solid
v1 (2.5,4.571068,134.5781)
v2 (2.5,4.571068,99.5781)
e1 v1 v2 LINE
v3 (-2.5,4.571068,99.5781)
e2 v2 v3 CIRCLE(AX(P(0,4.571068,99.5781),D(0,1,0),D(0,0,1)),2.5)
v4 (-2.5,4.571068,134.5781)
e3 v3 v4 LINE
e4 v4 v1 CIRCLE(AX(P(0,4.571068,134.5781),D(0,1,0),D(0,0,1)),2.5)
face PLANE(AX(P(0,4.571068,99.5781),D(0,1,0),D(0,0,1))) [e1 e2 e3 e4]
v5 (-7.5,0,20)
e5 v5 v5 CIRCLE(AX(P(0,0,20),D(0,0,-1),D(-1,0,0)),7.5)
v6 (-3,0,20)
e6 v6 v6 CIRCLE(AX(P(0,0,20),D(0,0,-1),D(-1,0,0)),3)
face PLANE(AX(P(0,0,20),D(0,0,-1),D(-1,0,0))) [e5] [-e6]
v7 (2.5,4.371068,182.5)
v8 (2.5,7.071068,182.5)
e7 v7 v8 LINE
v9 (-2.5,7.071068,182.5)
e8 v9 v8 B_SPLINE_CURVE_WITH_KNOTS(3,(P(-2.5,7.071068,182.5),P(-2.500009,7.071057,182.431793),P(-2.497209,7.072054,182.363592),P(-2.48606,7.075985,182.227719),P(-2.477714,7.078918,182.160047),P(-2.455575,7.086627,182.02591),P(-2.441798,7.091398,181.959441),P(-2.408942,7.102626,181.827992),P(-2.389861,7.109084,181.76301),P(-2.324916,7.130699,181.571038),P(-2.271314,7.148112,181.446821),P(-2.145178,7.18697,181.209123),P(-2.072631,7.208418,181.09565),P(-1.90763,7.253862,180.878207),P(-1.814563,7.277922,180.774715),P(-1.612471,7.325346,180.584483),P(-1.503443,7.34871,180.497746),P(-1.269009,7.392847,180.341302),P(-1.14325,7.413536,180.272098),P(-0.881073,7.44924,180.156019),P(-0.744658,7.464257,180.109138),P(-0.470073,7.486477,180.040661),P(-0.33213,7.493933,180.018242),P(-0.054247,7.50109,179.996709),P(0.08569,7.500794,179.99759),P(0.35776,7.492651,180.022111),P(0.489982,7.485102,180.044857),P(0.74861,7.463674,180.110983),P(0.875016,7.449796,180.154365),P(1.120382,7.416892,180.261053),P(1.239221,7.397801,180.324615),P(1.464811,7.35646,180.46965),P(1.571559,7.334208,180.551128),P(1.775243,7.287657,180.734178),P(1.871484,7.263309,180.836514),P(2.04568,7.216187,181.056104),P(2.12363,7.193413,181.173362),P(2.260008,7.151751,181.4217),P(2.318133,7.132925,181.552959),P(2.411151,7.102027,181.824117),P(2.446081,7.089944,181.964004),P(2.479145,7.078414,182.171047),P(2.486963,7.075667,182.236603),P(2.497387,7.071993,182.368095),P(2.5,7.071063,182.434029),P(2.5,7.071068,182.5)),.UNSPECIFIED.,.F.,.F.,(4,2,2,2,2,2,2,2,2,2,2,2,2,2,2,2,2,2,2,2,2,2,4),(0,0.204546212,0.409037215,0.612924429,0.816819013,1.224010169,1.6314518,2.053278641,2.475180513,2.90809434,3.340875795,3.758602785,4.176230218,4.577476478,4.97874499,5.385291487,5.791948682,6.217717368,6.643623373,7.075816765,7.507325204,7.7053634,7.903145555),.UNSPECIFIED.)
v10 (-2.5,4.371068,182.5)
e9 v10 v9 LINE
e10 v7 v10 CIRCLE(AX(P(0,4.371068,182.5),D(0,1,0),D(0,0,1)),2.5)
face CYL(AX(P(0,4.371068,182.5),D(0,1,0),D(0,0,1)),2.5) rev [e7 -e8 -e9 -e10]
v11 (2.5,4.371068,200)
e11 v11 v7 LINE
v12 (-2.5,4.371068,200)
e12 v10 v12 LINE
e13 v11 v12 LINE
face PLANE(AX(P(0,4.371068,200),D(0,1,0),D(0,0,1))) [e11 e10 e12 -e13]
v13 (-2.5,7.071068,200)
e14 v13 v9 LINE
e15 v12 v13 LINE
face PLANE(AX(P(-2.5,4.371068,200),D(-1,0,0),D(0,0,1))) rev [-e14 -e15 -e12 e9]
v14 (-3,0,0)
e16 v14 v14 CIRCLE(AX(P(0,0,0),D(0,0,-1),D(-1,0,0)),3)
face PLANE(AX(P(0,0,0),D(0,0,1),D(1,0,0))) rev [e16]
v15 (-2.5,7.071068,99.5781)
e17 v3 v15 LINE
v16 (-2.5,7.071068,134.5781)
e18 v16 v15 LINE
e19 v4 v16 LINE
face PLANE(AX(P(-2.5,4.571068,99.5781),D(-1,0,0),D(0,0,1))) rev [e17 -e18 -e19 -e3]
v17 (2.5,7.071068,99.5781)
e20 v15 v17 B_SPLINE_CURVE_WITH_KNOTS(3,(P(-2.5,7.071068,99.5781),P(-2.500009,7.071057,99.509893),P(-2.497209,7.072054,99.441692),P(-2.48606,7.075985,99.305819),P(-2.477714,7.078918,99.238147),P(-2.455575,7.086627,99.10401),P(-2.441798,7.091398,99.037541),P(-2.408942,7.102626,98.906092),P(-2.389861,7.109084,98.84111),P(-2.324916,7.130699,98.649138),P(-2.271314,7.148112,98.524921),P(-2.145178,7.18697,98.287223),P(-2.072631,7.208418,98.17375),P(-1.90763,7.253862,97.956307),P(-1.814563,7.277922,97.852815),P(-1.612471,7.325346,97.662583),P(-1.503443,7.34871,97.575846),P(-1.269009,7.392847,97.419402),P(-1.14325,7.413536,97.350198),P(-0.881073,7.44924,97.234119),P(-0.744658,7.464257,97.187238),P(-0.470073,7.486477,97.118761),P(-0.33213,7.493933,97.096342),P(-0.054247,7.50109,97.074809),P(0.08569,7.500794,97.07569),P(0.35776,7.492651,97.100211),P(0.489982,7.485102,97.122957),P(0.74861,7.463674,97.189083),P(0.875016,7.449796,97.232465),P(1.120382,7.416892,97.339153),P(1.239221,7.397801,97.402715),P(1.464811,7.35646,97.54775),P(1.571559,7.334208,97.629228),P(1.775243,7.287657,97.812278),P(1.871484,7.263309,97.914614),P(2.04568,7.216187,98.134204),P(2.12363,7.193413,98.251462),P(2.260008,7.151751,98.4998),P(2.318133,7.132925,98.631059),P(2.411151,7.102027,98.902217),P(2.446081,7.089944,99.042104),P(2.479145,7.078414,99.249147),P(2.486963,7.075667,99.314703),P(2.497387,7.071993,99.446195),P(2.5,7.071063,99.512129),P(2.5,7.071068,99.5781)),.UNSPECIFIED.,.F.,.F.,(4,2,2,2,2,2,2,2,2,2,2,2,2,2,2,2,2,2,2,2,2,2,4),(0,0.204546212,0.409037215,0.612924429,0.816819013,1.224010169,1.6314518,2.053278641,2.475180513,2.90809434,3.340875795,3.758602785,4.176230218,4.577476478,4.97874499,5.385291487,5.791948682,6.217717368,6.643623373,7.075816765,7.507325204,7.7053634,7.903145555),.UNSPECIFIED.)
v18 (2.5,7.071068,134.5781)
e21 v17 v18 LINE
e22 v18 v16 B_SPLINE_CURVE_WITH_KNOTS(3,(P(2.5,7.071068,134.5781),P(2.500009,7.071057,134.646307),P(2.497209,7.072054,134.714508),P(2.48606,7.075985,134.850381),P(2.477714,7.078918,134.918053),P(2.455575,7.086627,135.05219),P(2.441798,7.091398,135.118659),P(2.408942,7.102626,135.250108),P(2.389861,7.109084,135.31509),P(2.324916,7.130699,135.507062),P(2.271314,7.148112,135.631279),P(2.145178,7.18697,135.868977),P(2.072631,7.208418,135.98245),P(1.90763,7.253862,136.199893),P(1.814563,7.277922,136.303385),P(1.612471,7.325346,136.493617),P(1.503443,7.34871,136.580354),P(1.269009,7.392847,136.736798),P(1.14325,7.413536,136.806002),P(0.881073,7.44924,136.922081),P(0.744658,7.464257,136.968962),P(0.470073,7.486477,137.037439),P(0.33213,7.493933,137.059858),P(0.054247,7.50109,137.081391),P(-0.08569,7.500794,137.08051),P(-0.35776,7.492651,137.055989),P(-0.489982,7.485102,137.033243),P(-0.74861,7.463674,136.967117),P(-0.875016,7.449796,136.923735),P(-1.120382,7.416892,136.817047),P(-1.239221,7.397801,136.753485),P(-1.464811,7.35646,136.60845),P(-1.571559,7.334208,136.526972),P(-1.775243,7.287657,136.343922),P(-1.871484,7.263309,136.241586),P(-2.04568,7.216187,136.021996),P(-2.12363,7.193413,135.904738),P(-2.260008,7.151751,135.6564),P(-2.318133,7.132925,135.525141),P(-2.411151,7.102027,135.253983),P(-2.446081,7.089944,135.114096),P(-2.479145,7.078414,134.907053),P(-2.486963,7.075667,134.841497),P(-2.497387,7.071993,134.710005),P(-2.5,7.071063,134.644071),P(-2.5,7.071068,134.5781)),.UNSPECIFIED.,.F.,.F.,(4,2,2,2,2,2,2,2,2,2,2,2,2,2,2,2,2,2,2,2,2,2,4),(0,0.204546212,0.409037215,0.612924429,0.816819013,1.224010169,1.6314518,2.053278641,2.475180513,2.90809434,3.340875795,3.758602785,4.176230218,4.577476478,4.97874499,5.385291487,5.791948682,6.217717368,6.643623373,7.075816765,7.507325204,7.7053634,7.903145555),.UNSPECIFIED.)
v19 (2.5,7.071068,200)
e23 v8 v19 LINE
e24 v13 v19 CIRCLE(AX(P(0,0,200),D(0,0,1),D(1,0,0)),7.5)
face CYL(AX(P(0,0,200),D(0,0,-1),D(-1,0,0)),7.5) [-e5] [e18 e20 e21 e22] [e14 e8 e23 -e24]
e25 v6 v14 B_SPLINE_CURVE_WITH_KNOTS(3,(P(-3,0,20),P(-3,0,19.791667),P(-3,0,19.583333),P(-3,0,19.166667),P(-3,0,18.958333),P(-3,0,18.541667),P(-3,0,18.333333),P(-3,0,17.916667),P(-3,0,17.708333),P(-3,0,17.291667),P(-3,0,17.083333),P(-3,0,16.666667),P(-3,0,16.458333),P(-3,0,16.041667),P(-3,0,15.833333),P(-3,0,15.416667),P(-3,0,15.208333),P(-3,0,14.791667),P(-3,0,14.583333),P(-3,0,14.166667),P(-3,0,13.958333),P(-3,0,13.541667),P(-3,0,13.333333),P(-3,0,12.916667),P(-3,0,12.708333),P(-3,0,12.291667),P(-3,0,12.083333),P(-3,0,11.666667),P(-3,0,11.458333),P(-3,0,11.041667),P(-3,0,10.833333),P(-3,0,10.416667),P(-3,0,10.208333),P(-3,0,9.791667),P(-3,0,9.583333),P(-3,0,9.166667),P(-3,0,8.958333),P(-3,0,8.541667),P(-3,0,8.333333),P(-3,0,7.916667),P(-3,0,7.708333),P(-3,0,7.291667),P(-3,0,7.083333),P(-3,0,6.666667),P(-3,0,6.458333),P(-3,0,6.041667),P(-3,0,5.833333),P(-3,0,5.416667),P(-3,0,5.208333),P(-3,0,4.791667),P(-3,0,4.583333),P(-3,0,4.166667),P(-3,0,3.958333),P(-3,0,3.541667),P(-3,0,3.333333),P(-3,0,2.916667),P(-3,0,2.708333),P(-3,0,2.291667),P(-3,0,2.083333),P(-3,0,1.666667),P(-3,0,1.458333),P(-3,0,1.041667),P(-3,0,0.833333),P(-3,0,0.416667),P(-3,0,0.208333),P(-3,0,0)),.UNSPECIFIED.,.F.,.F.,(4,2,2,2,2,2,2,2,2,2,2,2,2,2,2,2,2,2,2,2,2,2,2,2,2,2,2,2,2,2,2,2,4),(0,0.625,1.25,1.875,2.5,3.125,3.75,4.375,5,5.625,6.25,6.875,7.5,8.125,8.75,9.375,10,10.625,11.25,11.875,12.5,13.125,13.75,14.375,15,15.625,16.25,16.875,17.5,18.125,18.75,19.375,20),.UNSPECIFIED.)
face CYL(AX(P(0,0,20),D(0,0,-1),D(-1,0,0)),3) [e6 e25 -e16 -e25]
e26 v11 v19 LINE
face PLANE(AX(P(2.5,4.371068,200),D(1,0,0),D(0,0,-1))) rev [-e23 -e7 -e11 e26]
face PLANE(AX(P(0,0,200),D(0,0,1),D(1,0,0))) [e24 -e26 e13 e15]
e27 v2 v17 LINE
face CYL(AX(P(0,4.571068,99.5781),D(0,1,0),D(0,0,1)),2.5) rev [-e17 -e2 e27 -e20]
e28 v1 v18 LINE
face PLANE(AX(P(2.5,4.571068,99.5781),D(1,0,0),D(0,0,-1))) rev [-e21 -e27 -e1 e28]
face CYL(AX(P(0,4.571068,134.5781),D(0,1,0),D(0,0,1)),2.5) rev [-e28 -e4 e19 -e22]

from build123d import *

# Parameters (mm, degrees)
SKETCH1_R           = 7.5
BOSS_EXTRUDE1_DEPTH = 200
SKETCH2_R           = 7.5
SKETCH2_R_2         = 3
CUT_EXTRUDE1_DEPTH  = 20
CUT_EXTRUDE3_START  = 10
CUT_EXTRUDE3_DEPTH  = 12.5
CUT_EXTRUDE4_START  = 10
CUT_EXTRUDE4_DEPTH  = 12.7


with BuildPart() as part:
    # Sketch1 → Boss-Extrude1 (new body)
    with BuildSketch(Plane.XY):
        Circle(SKETCH1_R)
    extrude(amount=BOSS_EXTRUDE1_DEPTH)

    # Sketch2 → Cut-Extrude1 (cut)
    with BuildSketch(Plane(origin=(0, 0, 0), x_dir=(-1, 0, 0), z_dir=(0, 0, -1))):
        Circle(SKETCH2_R)
        Circle(SKETCH2_R_2, mode=Mode.SUBTRACT)
    extrude(amount=-CUT_EXTRUDE1_DEPTH, mode=Mode.SUBTRACT)

    # Sketch5 → Cut-Extrude3 (cut)
    with BuildSketch(Plane(origin=(0, 7.071067812, 0), x_dir=(1, 0, 0), z_dir=(0, 1, 0)).offset(CUT_EXTRUDE3_START)):
        with BuildLine():
            Line((2.5, -99.5781), (2.5, -134.5781))
            ThreePointArc((2.5, -134.5781), (0, -137.0781), (-2.5, -134.5781))
            Line((-2.5, -134.5781), (-2.5, -99.5781))
            ThreePointArc((-2.5, -99.5781), (0, -97.0781), (2.5, -99.5781))
        make_face()
    extrude(amount=-CUT_EXTRUDE3_DEPTH, mode=Mode.SUBTRACT)

    # Sketch6 → Cut-Extrude4 (cut)
    with BuildSketch(Plane(origin=(0, 7.071067812, 0), x_dir=(1, 0, 0), z_dir=(0, 1, 0)).offset(CUT_EXTRUDE4_START)):
        with BuildLine():
            Line((-2.5, -200), (-2.5, -182.5))
            ThreePointArc((-2.5, -182.5), (0, -180), (2.5, -182.5))
            Line((2.5, -182.5), (2.5, -200))
            ThreePointArc((2.5, -200), (0, -202.5), (-2.5, -200))
        make_face()
    extrude(amount=-CUT_EXTRUDE4_DEPTH, mode=Mode.SUBTRACT)


solid = part.part
